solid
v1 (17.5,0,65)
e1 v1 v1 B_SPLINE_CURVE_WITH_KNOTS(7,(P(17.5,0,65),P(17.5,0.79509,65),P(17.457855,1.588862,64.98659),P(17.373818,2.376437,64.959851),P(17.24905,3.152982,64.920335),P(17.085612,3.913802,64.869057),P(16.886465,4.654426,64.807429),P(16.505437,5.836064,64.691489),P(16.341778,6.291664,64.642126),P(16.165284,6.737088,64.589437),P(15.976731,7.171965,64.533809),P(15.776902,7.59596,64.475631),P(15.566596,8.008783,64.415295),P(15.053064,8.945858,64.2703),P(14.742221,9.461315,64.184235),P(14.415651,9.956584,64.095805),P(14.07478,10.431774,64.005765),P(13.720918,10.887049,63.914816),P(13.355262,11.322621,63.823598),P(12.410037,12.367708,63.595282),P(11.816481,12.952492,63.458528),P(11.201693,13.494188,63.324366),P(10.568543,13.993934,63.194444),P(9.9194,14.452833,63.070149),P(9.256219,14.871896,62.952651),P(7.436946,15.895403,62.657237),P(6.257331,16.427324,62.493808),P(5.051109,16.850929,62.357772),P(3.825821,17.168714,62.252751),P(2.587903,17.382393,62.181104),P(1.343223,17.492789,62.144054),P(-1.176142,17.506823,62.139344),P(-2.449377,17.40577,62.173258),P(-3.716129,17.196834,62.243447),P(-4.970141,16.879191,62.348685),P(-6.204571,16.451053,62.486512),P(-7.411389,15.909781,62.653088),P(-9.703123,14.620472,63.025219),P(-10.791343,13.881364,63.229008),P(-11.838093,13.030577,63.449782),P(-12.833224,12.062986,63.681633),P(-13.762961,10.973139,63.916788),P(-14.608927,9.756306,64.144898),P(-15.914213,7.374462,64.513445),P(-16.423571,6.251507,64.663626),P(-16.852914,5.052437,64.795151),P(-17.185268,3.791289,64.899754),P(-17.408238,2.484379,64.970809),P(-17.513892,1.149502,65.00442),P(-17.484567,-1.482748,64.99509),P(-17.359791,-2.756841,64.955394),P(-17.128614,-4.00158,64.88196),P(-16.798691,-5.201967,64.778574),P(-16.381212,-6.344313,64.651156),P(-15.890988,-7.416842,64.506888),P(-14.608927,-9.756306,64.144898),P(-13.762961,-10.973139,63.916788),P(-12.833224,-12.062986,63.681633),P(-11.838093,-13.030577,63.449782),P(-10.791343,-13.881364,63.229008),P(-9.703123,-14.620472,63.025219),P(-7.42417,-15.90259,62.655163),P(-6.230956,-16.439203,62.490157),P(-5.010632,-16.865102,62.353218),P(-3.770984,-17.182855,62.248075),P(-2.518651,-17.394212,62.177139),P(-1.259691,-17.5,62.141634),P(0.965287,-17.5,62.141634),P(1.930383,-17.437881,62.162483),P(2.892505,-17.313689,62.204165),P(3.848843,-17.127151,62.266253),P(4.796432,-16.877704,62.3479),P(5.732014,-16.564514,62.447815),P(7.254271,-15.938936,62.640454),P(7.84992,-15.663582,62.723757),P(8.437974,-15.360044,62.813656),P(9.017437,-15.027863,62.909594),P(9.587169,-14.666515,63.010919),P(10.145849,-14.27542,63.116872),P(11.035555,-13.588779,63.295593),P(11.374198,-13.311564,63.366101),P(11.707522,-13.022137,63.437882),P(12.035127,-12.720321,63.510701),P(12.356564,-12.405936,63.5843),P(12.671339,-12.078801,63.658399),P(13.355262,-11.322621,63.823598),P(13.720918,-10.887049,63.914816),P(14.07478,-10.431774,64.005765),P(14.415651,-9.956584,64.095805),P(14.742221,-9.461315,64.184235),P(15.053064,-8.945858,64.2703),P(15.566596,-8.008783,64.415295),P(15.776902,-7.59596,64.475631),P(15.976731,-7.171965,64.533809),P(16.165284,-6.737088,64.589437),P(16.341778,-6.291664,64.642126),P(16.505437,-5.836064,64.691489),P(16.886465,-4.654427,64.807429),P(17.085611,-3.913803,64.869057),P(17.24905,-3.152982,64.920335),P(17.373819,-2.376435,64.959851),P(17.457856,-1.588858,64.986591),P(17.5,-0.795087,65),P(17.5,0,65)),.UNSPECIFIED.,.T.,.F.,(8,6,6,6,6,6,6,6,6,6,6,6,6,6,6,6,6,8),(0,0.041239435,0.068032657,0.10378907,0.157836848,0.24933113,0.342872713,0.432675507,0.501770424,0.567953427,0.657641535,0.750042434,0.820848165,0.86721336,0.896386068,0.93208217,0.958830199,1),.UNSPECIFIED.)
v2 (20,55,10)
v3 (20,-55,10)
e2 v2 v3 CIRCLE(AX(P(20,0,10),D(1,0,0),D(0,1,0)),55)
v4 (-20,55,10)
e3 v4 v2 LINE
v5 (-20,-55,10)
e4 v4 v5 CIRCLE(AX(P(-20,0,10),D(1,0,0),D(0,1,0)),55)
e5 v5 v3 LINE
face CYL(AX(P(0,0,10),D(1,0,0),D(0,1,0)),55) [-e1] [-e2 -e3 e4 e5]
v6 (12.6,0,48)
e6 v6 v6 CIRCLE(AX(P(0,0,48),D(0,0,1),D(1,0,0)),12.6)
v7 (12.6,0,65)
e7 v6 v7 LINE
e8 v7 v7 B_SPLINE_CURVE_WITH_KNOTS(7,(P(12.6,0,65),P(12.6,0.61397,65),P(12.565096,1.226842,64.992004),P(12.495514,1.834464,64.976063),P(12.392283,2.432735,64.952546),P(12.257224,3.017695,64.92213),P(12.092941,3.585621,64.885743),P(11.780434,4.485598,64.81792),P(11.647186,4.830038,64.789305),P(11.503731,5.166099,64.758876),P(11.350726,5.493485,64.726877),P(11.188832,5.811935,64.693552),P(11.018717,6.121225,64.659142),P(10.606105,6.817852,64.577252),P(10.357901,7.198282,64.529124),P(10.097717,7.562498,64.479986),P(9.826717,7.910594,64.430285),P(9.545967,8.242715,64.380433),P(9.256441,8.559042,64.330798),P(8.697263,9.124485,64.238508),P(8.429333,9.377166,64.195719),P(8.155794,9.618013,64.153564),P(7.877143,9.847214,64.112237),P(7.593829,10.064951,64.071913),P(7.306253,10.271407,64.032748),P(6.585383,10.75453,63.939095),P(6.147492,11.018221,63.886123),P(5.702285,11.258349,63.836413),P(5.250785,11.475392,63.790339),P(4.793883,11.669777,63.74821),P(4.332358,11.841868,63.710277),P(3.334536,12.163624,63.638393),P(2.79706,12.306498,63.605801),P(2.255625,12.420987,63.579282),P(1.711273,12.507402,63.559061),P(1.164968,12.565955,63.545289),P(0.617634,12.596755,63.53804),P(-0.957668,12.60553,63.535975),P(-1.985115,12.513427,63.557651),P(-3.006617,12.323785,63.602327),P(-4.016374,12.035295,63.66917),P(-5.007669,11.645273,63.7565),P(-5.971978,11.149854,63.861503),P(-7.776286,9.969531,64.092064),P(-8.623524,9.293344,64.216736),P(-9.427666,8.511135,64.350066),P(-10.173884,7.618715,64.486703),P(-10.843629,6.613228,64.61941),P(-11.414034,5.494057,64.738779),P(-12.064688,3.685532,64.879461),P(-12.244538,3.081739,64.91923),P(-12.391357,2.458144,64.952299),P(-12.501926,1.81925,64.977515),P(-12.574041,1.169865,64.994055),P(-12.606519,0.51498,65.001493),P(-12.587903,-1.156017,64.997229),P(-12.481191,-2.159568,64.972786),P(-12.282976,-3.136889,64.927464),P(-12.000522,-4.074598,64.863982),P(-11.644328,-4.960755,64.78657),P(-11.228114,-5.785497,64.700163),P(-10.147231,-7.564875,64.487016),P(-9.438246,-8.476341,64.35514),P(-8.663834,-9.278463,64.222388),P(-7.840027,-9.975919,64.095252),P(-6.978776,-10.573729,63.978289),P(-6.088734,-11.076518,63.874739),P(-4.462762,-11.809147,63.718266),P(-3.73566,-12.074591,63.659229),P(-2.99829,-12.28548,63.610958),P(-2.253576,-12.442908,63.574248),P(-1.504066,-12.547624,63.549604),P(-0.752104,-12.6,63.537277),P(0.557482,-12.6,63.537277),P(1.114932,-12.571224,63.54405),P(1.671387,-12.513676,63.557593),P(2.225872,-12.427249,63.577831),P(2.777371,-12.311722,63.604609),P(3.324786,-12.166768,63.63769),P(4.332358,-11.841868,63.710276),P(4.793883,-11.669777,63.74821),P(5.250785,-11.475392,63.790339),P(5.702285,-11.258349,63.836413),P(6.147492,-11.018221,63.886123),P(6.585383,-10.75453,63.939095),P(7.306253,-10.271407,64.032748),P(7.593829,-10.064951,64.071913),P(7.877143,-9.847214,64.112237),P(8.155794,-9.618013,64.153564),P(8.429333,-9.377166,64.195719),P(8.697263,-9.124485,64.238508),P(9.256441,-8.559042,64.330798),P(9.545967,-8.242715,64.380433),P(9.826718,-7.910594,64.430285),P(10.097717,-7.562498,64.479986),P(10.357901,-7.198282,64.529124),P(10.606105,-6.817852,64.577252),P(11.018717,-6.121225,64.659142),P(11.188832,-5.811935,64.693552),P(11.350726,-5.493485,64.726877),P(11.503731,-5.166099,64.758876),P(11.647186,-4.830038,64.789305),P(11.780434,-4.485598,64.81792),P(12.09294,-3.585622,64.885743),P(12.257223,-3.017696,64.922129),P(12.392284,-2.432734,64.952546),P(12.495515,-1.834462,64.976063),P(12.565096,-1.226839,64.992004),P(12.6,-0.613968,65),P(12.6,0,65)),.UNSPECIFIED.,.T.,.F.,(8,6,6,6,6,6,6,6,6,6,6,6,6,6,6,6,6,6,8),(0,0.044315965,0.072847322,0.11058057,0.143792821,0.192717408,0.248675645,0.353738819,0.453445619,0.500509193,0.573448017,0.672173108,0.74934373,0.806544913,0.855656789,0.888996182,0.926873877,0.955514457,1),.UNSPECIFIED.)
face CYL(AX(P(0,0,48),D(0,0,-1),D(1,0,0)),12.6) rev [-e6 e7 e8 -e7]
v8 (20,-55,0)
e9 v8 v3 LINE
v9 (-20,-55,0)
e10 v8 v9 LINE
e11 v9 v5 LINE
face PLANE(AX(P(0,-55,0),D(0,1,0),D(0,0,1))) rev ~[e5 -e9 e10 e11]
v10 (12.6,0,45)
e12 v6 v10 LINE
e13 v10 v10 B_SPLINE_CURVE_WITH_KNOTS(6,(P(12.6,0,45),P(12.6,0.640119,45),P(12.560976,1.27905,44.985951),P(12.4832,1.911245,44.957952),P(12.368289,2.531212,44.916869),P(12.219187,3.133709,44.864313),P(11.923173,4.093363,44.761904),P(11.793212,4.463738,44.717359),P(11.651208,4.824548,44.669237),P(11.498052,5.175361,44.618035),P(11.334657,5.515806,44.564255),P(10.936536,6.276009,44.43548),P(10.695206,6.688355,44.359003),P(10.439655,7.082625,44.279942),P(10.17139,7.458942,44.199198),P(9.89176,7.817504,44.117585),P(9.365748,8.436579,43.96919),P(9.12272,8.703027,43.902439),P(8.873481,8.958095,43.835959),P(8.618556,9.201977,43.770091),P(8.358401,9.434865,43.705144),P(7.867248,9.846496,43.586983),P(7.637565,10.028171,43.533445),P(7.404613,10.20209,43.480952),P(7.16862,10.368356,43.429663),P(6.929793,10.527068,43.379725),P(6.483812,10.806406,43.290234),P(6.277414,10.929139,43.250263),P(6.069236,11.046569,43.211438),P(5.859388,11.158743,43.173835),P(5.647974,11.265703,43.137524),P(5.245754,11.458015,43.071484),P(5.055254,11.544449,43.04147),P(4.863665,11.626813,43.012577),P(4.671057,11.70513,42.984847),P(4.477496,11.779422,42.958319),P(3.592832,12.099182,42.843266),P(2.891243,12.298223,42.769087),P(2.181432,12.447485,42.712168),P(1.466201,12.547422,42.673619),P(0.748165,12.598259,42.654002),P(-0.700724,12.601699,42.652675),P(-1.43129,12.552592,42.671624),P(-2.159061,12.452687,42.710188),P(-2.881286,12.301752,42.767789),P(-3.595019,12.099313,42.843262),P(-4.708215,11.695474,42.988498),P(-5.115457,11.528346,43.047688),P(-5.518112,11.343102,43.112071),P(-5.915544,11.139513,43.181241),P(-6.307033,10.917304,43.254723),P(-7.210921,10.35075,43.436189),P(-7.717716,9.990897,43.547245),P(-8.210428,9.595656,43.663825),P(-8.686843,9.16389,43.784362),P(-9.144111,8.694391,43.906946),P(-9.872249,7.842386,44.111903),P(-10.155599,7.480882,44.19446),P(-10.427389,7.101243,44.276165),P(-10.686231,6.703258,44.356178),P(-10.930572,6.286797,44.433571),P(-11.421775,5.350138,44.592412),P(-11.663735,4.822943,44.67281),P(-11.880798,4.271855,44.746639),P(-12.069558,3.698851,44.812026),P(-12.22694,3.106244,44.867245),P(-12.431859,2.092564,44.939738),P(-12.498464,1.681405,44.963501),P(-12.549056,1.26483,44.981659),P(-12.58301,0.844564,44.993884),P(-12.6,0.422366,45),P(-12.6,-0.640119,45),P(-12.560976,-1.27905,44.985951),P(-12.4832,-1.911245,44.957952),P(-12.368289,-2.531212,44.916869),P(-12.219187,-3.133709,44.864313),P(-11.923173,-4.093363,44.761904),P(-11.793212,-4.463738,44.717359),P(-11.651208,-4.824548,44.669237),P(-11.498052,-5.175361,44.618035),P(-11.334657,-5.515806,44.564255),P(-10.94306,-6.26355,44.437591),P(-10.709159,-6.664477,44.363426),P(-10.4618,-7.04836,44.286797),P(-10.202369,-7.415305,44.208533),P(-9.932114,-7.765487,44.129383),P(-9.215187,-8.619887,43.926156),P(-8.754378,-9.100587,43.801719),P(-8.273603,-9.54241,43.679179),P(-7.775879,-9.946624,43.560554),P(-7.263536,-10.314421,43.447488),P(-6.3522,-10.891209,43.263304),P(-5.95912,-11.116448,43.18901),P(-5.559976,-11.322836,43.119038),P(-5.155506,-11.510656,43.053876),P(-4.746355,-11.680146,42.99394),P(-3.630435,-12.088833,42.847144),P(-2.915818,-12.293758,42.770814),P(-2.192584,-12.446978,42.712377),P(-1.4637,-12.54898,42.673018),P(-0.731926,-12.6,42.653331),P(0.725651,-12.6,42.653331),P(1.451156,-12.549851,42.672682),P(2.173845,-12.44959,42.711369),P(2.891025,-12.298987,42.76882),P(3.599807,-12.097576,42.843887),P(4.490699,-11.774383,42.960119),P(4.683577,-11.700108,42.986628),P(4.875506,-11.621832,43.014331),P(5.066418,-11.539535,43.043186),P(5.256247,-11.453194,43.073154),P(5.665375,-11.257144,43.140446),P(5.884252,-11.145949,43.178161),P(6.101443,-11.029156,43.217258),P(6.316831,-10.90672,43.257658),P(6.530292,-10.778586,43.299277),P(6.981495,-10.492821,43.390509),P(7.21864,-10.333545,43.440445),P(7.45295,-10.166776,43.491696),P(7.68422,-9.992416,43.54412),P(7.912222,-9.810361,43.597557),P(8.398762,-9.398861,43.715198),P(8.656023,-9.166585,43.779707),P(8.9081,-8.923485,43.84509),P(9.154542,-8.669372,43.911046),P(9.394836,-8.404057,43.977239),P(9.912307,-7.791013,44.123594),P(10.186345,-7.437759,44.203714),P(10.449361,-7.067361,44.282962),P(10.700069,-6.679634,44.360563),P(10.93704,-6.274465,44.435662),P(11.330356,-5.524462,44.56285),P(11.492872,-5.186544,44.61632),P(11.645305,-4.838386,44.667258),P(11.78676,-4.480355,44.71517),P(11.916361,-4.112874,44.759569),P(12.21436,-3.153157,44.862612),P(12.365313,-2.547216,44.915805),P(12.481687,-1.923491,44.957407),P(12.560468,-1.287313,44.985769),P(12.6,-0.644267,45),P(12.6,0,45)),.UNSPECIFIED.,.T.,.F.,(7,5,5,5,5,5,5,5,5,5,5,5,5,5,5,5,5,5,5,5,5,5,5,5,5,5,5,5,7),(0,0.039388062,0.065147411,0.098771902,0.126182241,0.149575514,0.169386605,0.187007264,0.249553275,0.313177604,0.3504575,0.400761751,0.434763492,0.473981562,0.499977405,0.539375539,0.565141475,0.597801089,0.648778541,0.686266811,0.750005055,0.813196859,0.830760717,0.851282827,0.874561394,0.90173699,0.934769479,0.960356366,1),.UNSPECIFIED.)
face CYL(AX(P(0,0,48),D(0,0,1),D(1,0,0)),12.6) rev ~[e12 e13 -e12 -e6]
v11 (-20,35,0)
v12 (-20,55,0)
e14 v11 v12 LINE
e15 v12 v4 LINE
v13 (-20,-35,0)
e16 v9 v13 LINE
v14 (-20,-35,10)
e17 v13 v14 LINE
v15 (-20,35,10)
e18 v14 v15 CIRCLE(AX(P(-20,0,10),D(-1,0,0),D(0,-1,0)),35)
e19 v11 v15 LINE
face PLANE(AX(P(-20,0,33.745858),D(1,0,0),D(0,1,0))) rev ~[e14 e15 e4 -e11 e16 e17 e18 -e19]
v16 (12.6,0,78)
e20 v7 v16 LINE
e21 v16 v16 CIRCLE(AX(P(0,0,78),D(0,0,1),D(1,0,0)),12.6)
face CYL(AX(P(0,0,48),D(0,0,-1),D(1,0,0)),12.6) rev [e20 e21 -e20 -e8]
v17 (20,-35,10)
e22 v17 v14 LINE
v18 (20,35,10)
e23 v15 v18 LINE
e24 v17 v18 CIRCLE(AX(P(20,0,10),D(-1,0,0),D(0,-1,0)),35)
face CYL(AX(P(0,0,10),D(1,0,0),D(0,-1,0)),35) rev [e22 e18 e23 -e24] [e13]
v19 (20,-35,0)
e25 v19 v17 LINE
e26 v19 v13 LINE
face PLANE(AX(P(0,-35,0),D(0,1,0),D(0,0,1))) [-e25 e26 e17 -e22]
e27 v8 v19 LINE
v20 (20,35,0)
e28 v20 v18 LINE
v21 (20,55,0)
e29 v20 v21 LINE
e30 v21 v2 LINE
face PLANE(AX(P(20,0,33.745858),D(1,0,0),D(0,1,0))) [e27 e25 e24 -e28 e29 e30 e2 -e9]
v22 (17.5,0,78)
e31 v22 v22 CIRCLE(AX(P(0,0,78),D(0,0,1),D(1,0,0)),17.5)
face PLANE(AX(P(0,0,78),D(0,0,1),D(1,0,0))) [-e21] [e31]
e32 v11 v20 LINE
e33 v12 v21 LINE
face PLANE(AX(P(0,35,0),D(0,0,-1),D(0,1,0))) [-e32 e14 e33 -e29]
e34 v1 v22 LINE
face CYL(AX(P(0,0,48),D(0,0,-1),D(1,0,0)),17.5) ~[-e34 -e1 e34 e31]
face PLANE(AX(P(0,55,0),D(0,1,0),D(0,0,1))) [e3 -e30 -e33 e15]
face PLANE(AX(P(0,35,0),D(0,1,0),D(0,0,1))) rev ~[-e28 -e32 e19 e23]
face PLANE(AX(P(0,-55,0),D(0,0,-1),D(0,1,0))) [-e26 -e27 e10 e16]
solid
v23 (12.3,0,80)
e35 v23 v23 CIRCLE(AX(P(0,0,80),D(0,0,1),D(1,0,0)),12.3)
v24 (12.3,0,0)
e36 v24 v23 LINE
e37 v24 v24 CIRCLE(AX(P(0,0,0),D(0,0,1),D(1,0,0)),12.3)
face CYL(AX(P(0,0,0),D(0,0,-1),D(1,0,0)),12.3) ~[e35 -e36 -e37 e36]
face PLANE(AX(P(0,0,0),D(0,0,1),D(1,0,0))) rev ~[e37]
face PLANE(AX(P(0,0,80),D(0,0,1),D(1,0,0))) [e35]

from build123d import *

# Parameters (mm, degrees)
F0_W          = 20
F0_H          = 10
F1_DEPTH      = 20
F1_DEPTH_BACK = 20
F3_R          = 17.5
F3_R_2        = 12.6
F4_DEPTH      = 30
F5_DEPTH      = 30
F5_DEPTH_BACK = 40
F6_R          = 12.3
F7_DEPTH      = 80


with BuildPart() as f1:
    # F0 (on Right) → F1 (new body, two sides)
    with BuildSketch(Plane.YZ) as f1_sk:
        with BuildLine():
            ThreePointArc((-35, 10), (0, 45), (35, 10))
            Line((35, 10), (55, 10))
            ThreePointArc((55, 10), (0, 65), (-55, 10))
            Line((-55, 10), (-35, 10))
        make_face()
        with Locations((-45, 5)):
            Rectangle(F0_W, F0_H)
        with Locations((45, 5)):
            Rectangle(F0_W, F0_H)
    extrude(amount=F1_DEPTH)
    extrude(f1_sk.sketch, amount=-F1_DEPTH_BACK)

    # F3 (on offset) → F4 (join)
    with BuildSketch(Plane.XY.offset(48)):
        Circle(F3_R)
        Circle(F3_R_2, mode=Mode.SUBTRACT)
    extrude(amount=F4_DEPTH)

    # F3 (on offset) → F5 (cut, two sides)
    with BuildSketch(Plane.XY.offset(48)) as f5_sk:
        Circle(F3_R_2)
    extrude(amount=-F5_DEPTH, mode=Mode.SUBTRACT)
    extrude(f5_sk.sketch, amount=F5_DEPTH_BACK, mode=Mode.SUBTRACT)


with BuildPart() as f7:
    # F6 (on Top) → F7 (new body)
    with BuildSketch(Plane.XY):
        Circle(F6_R)
    extrude(amount=F7_DEPTH)


solid = Compound([f1.part, f7.part])
